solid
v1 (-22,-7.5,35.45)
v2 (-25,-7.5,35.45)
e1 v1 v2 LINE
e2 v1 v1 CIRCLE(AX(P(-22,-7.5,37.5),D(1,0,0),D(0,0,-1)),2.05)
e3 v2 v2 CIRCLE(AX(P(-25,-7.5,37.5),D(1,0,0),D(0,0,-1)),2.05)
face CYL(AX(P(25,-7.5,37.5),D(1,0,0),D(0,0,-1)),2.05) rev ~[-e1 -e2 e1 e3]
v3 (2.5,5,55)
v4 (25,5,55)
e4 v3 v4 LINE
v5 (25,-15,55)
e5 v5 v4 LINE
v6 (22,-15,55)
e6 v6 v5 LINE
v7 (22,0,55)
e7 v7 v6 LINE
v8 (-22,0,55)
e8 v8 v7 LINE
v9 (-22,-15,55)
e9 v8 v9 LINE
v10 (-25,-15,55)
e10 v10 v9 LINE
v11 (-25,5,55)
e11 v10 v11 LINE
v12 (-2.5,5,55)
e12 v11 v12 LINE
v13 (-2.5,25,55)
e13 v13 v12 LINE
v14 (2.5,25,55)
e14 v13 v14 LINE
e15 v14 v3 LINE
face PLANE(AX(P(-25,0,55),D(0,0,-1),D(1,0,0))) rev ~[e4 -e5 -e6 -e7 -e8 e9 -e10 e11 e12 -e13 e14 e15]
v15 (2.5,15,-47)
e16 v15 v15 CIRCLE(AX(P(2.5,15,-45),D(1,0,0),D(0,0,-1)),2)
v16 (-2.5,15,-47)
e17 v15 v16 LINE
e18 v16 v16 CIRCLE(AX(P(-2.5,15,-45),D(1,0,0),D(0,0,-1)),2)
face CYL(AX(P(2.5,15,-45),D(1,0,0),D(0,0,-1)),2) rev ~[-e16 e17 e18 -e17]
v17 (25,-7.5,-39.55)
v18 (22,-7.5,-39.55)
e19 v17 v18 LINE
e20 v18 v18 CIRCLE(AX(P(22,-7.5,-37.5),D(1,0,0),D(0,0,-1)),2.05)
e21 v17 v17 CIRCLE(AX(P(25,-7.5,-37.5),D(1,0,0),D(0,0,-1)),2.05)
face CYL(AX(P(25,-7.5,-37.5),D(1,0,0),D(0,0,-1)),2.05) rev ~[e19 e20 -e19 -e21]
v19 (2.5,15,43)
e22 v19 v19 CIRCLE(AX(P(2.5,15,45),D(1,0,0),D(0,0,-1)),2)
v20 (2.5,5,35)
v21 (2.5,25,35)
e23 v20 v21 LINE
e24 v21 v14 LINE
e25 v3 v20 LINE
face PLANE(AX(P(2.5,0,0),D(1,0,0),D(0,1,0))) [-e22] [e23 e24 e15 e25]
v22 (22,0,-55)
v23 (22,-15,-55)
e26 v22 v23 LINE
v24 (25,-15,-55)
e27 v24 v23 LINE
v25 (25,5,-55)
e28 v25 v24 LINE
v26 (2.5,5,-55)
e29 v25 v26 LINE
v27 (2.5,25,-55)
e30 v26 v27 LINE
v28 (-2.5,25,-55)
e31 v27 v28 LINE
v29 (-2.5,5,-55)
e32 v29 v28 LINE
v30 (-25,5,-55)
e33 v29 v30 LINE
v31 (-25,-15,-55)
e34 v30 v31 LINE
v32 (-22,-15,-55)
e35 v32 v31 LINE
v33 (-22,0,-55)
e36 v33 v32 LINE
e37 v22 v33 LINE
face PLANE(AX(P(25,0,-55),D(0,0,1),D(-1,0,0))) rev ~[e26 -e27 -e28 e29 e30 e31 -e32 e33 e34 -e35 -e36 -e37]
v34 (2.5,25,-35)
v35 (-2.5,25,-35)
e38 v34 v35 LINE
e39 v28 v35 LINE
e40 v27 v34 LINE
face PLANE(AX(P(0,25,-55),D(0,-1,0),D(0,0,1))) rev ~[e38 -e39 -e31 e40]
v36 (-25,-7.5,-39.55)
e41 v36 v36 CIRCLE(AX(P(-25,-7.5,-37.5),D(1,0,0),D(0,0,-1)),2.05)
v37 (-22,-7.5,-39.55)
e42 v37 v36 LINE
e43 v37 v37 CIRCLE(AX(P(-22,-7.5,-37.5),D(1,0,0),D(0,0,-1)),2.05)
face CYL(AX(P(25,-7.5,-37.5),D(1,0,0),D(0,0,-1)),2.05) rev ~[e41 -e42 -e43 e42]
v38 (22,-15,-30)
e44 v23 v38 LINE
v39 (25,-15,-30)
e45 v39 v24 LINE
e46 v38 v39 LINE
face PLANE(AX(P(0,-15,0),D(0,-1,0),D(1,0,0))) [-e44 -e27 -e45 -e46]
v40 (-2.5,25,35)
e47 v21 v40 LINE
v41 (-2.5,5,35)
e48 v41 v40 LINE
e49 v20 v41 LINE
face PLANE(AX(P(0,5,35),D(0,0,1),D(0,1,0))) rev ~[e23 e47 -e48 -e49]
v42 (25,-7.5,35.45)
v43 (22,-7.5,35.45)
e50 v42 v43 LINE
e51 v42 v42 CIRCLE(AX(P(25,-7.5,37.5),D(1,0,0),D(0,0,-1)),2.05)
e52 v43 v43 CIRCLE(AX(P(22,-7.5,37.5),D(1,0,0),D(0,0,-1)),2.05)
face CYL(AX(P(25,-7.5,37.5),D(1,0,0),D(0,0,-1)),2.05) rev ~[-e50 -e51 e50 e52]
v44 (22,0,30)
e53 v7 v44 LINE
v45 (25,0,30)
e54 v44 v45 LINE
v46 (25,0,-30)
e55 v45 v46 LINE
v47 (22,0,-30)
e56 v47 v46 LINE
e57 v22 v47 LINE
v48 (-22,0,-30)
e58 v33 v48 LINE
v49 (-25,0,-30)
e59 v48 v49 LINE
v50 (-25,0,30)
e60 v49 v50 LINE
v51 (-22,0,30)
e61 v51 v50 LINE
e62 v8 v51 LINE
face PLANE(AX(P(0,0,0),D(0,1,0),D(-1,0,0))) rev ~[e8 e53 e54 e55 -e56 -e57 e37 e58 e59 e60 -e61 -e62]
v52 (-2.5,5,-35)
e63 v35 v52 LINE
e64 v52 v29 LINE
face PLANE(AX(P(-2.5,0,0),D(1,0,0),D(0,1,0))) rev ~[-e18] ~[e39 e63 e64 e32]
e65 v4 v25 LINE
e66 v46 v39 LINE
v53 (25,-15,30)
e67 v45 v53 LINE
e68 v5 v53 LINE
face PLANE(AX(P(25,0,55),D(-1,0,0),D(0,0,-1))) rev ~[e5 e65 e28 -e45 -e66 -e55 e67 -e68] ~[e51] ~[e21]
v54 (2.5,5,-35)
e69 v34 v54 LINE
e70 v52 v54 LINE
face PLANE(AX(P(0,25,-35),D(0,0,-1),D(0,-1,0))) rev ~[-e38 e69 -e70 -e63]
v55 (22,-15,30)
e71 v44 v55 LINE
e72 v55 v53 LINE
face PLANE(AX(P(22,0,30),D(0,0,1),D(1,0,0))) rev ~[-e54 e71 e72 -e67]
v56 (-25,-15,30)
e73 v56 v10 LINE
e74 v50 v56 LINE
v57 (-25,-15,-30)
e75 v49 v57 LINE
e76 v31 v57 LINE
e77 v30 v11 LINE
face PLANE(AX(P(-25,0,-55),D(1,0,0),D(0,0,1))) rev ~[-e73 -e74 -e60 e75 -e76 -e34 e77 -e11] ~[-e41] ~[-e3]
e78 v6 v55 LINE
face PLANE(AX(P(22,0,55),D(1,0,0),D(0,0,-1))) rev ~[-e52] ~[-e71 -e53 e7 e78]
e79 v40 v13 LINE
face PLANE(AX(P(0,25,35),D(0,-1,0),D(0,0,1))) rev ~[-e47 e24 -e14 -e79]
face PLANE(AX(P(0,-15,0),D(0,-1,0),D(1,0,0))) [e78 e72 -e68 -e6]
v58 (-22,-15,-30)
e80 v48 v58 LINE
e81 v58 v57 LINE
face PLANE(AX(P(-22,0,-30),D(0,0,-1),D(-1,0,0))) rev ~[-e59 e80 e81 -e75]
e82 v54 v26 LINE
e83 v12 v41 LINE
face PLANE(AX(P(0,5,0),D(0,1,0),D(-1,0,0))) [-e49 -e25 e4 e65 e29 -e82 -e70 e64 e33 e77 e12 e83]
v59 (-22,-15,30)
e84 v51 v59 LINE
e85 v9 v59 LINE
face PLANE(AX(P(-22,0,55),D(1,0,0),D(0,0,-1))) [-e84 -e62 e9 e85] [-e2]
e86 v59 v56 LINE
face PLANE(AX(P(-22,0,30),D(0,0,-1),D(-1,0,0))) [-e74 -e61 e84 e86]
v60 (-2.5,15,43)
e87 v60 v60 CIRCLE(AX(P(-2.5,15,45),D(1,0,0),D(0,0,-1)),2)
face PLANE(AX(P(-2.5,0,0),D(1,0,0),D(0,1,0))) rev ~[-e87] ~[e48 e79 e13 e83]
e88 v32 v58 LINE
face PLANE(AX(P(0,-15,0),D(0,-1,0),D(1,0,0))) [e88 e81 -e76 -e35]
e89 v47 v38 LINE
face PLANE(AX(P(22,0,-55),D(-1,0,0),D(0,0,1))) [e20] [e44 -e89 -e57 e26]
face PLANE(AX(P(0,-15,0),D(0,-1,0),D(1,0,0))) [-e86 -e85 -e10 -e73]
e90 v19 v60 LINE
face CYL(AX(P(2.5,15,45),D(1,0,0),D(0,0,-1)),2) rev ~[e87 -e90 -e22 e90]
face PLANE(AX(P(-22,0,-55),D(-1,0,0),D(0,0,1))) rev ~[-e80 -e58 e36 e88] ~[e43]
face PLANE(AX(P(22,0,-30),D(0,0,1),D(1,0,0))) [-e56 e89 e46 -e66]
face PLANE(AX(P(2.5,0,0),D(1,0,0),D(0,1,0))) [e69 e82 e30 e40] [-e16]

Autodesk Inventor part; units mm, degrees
ref_plane "YZ Plane" through (0, 0, 0) normal (1, 0, 0) x (0, 1, 0)
ref_plane "XZ Plane" through (0, 0, 0) normal (0, 1, 0) x (-1, 0, 0)
ref_plane "XY Plane" through (0, 0, 0) normal (0, 0, 1) x (1, 0, 0)
sketch "Sketch1" plane through (0, 0, 0) normal (0, 1, 0) x (-1, 0, 0)
  line L0 (25, 55) -> (-25, 55)
  line L1 (-25, 55) -> (-25, -55)
  line L2 (-25, -55) -> (25, -55)
  line L3 (25, -55) -> (25, 55)
  line L4 (25, 55) -> (-25, -55) construction
  line L5 (-25, 55) -> (25, -55) construction
  point P0 (0, 0)
  dimension "d0" = 50
  dimension "d1" = 110
extrude "Extrusion1" add sketch "Sketch1" along normal blind 5
sketch "Sketch2" plane through (0, 0, 0) normal (0, -1, 0) x (1, 0, 0)
  line L0 (25, 55) -> (25, -55) projected
  line L1 (-25, 55) -> (25, 55) projected
  line L2 (-25, -55) -> (-25, 55) projected
  line L3 (25, -55) -> (-25, -55) projected
  line L4 (25, 55) -> (22, 55)
  line L5 (22, 55) -> (22, 30)
  line L6 (22, 30) -> (25, 30)
  line L7 (25, 30) -> (25, 55)
  line L8 (-25, 55) -> (-22, 55)
  line L9 (-22, 55) -> (-22, 30)
  line L10 (-22, 30) -> (-25, 30)
  line L11 (-25, 30) -> (-25, 55)
  line L12 (25, -55) -> (22, -55)
  line L13 (22, -55) -> (22, -30)
  line L14 (22, -30) -> (25, -30)
  line L15 (25, -30) -> (25, -55)
  line L16 (-25, -55) -> (-22, -55)
  line L17 (-22, -55) -> (-22, -30)
  line L18 (-22, -30) -> (-25, -30)
  line L19 (-25, -30) -> (-25, -55)
  point P0 (0, 0)
  dimension "d4" = 3
  dimension "d5" = 3
  dimension "d6" = 3
  dimension "d7" = 25
  dimension "d8" = 25
  dimension "d9" = 25
  dimension "d10" = 25
extrude "Extrusion2" add sketch "Sketch2" along normal blind 15 contours L0 L6 L5 L1 | L0 L3 L13 L14 | L9 L10 L2 L1 | L3 L2 L18 L17
sketch "Sketch3" plane through (25, 5, 55) normal (1, 0, 0) x (0, 0, -1)
  circle A0 centre (17.5, -12.5) radius 2.05
  circle A1 centre (92.5, -12.5) radius 2.05
  line L0 (25, -20) -> (0, -20) projected
  line L1 (110, -20) -> (85, -20) projected
  line L2 (85, -5) -> (85, -20) projected
  line L3 (25, -5) -> (25, -20) projected
  point P0 (55, -5)
  dimension "d13" = 4.1
  dimension "d14" = 4.1
  dimension "d15" = 7.5
  dimension "d16" = 7.5
  dimension "d17" = 7.5
  dimension "d18" = 7.5
extrude "Extrusion3" cut sketch "Sketch3" against normal through all
sketch "Sketch5" plane through (0, 0, 0) normal (1, 0, 0) x (0, 1, 0)
  line L0 (25, 55) -> (5, 55)
  line L1 (5, 55) -> (5, 35)
  line L2 (5, 35) -> (25, 35)
  line L3 (25, 35) -> (25, 55)
  line L4 (25, -35) -> (5, -35)
  line L5 (5, -35) -> (5, -55)
  line L6 (5, -55) -> (25, -55)
  line L7 (25, -55) -> (25, -35)
  line L8 (5, 55) -> (5, -55) projected
  line L9 (-15, -55) -> (5, -55) projected
  line L10 (5, 55) -> (-15, 55) projected
  point P0 (0, 0)
  dimension "d21" = 20
  dimension "d22" = 20
  dimension "d23" = 20
  dimension "d24" = 20
extrude "Extrusion4" add sketch "Sketch5" along normal mid plane 5
sketch "Sketch6" plane through (2.5, 0, 0) normal (1, 0, 0) x (0, 0, -1)
  line L0 (-35, 5) -> (-55, 5) projected
  line L1 (-35, 5) -> (-35, 25) projected
  line L2 (-35, 25) -> (-55, 25) projected
  line L3 (-55, 25) -> (-55, 5) projected
  line L4 (35, 25) -> (35, 5) projected
  line L5 (55, 5) -> (35, 5) projected
  line L6 (55, 5) -> (55, 25) projected
  line L7 (55, 25) -> (35, 25) projected
  circle A0 centre (-45, 15) radius 2
  circle A1 centre (45, 15) radius 2
  point P0 (0, 0)
  dimension "d29" = 4
  dimension "d30" = 4
extrude "Extrusion5" cut sketch "Sketch6" against normal blind 5 contours A0 | A1
properties part number "gripper_case_bracket"
